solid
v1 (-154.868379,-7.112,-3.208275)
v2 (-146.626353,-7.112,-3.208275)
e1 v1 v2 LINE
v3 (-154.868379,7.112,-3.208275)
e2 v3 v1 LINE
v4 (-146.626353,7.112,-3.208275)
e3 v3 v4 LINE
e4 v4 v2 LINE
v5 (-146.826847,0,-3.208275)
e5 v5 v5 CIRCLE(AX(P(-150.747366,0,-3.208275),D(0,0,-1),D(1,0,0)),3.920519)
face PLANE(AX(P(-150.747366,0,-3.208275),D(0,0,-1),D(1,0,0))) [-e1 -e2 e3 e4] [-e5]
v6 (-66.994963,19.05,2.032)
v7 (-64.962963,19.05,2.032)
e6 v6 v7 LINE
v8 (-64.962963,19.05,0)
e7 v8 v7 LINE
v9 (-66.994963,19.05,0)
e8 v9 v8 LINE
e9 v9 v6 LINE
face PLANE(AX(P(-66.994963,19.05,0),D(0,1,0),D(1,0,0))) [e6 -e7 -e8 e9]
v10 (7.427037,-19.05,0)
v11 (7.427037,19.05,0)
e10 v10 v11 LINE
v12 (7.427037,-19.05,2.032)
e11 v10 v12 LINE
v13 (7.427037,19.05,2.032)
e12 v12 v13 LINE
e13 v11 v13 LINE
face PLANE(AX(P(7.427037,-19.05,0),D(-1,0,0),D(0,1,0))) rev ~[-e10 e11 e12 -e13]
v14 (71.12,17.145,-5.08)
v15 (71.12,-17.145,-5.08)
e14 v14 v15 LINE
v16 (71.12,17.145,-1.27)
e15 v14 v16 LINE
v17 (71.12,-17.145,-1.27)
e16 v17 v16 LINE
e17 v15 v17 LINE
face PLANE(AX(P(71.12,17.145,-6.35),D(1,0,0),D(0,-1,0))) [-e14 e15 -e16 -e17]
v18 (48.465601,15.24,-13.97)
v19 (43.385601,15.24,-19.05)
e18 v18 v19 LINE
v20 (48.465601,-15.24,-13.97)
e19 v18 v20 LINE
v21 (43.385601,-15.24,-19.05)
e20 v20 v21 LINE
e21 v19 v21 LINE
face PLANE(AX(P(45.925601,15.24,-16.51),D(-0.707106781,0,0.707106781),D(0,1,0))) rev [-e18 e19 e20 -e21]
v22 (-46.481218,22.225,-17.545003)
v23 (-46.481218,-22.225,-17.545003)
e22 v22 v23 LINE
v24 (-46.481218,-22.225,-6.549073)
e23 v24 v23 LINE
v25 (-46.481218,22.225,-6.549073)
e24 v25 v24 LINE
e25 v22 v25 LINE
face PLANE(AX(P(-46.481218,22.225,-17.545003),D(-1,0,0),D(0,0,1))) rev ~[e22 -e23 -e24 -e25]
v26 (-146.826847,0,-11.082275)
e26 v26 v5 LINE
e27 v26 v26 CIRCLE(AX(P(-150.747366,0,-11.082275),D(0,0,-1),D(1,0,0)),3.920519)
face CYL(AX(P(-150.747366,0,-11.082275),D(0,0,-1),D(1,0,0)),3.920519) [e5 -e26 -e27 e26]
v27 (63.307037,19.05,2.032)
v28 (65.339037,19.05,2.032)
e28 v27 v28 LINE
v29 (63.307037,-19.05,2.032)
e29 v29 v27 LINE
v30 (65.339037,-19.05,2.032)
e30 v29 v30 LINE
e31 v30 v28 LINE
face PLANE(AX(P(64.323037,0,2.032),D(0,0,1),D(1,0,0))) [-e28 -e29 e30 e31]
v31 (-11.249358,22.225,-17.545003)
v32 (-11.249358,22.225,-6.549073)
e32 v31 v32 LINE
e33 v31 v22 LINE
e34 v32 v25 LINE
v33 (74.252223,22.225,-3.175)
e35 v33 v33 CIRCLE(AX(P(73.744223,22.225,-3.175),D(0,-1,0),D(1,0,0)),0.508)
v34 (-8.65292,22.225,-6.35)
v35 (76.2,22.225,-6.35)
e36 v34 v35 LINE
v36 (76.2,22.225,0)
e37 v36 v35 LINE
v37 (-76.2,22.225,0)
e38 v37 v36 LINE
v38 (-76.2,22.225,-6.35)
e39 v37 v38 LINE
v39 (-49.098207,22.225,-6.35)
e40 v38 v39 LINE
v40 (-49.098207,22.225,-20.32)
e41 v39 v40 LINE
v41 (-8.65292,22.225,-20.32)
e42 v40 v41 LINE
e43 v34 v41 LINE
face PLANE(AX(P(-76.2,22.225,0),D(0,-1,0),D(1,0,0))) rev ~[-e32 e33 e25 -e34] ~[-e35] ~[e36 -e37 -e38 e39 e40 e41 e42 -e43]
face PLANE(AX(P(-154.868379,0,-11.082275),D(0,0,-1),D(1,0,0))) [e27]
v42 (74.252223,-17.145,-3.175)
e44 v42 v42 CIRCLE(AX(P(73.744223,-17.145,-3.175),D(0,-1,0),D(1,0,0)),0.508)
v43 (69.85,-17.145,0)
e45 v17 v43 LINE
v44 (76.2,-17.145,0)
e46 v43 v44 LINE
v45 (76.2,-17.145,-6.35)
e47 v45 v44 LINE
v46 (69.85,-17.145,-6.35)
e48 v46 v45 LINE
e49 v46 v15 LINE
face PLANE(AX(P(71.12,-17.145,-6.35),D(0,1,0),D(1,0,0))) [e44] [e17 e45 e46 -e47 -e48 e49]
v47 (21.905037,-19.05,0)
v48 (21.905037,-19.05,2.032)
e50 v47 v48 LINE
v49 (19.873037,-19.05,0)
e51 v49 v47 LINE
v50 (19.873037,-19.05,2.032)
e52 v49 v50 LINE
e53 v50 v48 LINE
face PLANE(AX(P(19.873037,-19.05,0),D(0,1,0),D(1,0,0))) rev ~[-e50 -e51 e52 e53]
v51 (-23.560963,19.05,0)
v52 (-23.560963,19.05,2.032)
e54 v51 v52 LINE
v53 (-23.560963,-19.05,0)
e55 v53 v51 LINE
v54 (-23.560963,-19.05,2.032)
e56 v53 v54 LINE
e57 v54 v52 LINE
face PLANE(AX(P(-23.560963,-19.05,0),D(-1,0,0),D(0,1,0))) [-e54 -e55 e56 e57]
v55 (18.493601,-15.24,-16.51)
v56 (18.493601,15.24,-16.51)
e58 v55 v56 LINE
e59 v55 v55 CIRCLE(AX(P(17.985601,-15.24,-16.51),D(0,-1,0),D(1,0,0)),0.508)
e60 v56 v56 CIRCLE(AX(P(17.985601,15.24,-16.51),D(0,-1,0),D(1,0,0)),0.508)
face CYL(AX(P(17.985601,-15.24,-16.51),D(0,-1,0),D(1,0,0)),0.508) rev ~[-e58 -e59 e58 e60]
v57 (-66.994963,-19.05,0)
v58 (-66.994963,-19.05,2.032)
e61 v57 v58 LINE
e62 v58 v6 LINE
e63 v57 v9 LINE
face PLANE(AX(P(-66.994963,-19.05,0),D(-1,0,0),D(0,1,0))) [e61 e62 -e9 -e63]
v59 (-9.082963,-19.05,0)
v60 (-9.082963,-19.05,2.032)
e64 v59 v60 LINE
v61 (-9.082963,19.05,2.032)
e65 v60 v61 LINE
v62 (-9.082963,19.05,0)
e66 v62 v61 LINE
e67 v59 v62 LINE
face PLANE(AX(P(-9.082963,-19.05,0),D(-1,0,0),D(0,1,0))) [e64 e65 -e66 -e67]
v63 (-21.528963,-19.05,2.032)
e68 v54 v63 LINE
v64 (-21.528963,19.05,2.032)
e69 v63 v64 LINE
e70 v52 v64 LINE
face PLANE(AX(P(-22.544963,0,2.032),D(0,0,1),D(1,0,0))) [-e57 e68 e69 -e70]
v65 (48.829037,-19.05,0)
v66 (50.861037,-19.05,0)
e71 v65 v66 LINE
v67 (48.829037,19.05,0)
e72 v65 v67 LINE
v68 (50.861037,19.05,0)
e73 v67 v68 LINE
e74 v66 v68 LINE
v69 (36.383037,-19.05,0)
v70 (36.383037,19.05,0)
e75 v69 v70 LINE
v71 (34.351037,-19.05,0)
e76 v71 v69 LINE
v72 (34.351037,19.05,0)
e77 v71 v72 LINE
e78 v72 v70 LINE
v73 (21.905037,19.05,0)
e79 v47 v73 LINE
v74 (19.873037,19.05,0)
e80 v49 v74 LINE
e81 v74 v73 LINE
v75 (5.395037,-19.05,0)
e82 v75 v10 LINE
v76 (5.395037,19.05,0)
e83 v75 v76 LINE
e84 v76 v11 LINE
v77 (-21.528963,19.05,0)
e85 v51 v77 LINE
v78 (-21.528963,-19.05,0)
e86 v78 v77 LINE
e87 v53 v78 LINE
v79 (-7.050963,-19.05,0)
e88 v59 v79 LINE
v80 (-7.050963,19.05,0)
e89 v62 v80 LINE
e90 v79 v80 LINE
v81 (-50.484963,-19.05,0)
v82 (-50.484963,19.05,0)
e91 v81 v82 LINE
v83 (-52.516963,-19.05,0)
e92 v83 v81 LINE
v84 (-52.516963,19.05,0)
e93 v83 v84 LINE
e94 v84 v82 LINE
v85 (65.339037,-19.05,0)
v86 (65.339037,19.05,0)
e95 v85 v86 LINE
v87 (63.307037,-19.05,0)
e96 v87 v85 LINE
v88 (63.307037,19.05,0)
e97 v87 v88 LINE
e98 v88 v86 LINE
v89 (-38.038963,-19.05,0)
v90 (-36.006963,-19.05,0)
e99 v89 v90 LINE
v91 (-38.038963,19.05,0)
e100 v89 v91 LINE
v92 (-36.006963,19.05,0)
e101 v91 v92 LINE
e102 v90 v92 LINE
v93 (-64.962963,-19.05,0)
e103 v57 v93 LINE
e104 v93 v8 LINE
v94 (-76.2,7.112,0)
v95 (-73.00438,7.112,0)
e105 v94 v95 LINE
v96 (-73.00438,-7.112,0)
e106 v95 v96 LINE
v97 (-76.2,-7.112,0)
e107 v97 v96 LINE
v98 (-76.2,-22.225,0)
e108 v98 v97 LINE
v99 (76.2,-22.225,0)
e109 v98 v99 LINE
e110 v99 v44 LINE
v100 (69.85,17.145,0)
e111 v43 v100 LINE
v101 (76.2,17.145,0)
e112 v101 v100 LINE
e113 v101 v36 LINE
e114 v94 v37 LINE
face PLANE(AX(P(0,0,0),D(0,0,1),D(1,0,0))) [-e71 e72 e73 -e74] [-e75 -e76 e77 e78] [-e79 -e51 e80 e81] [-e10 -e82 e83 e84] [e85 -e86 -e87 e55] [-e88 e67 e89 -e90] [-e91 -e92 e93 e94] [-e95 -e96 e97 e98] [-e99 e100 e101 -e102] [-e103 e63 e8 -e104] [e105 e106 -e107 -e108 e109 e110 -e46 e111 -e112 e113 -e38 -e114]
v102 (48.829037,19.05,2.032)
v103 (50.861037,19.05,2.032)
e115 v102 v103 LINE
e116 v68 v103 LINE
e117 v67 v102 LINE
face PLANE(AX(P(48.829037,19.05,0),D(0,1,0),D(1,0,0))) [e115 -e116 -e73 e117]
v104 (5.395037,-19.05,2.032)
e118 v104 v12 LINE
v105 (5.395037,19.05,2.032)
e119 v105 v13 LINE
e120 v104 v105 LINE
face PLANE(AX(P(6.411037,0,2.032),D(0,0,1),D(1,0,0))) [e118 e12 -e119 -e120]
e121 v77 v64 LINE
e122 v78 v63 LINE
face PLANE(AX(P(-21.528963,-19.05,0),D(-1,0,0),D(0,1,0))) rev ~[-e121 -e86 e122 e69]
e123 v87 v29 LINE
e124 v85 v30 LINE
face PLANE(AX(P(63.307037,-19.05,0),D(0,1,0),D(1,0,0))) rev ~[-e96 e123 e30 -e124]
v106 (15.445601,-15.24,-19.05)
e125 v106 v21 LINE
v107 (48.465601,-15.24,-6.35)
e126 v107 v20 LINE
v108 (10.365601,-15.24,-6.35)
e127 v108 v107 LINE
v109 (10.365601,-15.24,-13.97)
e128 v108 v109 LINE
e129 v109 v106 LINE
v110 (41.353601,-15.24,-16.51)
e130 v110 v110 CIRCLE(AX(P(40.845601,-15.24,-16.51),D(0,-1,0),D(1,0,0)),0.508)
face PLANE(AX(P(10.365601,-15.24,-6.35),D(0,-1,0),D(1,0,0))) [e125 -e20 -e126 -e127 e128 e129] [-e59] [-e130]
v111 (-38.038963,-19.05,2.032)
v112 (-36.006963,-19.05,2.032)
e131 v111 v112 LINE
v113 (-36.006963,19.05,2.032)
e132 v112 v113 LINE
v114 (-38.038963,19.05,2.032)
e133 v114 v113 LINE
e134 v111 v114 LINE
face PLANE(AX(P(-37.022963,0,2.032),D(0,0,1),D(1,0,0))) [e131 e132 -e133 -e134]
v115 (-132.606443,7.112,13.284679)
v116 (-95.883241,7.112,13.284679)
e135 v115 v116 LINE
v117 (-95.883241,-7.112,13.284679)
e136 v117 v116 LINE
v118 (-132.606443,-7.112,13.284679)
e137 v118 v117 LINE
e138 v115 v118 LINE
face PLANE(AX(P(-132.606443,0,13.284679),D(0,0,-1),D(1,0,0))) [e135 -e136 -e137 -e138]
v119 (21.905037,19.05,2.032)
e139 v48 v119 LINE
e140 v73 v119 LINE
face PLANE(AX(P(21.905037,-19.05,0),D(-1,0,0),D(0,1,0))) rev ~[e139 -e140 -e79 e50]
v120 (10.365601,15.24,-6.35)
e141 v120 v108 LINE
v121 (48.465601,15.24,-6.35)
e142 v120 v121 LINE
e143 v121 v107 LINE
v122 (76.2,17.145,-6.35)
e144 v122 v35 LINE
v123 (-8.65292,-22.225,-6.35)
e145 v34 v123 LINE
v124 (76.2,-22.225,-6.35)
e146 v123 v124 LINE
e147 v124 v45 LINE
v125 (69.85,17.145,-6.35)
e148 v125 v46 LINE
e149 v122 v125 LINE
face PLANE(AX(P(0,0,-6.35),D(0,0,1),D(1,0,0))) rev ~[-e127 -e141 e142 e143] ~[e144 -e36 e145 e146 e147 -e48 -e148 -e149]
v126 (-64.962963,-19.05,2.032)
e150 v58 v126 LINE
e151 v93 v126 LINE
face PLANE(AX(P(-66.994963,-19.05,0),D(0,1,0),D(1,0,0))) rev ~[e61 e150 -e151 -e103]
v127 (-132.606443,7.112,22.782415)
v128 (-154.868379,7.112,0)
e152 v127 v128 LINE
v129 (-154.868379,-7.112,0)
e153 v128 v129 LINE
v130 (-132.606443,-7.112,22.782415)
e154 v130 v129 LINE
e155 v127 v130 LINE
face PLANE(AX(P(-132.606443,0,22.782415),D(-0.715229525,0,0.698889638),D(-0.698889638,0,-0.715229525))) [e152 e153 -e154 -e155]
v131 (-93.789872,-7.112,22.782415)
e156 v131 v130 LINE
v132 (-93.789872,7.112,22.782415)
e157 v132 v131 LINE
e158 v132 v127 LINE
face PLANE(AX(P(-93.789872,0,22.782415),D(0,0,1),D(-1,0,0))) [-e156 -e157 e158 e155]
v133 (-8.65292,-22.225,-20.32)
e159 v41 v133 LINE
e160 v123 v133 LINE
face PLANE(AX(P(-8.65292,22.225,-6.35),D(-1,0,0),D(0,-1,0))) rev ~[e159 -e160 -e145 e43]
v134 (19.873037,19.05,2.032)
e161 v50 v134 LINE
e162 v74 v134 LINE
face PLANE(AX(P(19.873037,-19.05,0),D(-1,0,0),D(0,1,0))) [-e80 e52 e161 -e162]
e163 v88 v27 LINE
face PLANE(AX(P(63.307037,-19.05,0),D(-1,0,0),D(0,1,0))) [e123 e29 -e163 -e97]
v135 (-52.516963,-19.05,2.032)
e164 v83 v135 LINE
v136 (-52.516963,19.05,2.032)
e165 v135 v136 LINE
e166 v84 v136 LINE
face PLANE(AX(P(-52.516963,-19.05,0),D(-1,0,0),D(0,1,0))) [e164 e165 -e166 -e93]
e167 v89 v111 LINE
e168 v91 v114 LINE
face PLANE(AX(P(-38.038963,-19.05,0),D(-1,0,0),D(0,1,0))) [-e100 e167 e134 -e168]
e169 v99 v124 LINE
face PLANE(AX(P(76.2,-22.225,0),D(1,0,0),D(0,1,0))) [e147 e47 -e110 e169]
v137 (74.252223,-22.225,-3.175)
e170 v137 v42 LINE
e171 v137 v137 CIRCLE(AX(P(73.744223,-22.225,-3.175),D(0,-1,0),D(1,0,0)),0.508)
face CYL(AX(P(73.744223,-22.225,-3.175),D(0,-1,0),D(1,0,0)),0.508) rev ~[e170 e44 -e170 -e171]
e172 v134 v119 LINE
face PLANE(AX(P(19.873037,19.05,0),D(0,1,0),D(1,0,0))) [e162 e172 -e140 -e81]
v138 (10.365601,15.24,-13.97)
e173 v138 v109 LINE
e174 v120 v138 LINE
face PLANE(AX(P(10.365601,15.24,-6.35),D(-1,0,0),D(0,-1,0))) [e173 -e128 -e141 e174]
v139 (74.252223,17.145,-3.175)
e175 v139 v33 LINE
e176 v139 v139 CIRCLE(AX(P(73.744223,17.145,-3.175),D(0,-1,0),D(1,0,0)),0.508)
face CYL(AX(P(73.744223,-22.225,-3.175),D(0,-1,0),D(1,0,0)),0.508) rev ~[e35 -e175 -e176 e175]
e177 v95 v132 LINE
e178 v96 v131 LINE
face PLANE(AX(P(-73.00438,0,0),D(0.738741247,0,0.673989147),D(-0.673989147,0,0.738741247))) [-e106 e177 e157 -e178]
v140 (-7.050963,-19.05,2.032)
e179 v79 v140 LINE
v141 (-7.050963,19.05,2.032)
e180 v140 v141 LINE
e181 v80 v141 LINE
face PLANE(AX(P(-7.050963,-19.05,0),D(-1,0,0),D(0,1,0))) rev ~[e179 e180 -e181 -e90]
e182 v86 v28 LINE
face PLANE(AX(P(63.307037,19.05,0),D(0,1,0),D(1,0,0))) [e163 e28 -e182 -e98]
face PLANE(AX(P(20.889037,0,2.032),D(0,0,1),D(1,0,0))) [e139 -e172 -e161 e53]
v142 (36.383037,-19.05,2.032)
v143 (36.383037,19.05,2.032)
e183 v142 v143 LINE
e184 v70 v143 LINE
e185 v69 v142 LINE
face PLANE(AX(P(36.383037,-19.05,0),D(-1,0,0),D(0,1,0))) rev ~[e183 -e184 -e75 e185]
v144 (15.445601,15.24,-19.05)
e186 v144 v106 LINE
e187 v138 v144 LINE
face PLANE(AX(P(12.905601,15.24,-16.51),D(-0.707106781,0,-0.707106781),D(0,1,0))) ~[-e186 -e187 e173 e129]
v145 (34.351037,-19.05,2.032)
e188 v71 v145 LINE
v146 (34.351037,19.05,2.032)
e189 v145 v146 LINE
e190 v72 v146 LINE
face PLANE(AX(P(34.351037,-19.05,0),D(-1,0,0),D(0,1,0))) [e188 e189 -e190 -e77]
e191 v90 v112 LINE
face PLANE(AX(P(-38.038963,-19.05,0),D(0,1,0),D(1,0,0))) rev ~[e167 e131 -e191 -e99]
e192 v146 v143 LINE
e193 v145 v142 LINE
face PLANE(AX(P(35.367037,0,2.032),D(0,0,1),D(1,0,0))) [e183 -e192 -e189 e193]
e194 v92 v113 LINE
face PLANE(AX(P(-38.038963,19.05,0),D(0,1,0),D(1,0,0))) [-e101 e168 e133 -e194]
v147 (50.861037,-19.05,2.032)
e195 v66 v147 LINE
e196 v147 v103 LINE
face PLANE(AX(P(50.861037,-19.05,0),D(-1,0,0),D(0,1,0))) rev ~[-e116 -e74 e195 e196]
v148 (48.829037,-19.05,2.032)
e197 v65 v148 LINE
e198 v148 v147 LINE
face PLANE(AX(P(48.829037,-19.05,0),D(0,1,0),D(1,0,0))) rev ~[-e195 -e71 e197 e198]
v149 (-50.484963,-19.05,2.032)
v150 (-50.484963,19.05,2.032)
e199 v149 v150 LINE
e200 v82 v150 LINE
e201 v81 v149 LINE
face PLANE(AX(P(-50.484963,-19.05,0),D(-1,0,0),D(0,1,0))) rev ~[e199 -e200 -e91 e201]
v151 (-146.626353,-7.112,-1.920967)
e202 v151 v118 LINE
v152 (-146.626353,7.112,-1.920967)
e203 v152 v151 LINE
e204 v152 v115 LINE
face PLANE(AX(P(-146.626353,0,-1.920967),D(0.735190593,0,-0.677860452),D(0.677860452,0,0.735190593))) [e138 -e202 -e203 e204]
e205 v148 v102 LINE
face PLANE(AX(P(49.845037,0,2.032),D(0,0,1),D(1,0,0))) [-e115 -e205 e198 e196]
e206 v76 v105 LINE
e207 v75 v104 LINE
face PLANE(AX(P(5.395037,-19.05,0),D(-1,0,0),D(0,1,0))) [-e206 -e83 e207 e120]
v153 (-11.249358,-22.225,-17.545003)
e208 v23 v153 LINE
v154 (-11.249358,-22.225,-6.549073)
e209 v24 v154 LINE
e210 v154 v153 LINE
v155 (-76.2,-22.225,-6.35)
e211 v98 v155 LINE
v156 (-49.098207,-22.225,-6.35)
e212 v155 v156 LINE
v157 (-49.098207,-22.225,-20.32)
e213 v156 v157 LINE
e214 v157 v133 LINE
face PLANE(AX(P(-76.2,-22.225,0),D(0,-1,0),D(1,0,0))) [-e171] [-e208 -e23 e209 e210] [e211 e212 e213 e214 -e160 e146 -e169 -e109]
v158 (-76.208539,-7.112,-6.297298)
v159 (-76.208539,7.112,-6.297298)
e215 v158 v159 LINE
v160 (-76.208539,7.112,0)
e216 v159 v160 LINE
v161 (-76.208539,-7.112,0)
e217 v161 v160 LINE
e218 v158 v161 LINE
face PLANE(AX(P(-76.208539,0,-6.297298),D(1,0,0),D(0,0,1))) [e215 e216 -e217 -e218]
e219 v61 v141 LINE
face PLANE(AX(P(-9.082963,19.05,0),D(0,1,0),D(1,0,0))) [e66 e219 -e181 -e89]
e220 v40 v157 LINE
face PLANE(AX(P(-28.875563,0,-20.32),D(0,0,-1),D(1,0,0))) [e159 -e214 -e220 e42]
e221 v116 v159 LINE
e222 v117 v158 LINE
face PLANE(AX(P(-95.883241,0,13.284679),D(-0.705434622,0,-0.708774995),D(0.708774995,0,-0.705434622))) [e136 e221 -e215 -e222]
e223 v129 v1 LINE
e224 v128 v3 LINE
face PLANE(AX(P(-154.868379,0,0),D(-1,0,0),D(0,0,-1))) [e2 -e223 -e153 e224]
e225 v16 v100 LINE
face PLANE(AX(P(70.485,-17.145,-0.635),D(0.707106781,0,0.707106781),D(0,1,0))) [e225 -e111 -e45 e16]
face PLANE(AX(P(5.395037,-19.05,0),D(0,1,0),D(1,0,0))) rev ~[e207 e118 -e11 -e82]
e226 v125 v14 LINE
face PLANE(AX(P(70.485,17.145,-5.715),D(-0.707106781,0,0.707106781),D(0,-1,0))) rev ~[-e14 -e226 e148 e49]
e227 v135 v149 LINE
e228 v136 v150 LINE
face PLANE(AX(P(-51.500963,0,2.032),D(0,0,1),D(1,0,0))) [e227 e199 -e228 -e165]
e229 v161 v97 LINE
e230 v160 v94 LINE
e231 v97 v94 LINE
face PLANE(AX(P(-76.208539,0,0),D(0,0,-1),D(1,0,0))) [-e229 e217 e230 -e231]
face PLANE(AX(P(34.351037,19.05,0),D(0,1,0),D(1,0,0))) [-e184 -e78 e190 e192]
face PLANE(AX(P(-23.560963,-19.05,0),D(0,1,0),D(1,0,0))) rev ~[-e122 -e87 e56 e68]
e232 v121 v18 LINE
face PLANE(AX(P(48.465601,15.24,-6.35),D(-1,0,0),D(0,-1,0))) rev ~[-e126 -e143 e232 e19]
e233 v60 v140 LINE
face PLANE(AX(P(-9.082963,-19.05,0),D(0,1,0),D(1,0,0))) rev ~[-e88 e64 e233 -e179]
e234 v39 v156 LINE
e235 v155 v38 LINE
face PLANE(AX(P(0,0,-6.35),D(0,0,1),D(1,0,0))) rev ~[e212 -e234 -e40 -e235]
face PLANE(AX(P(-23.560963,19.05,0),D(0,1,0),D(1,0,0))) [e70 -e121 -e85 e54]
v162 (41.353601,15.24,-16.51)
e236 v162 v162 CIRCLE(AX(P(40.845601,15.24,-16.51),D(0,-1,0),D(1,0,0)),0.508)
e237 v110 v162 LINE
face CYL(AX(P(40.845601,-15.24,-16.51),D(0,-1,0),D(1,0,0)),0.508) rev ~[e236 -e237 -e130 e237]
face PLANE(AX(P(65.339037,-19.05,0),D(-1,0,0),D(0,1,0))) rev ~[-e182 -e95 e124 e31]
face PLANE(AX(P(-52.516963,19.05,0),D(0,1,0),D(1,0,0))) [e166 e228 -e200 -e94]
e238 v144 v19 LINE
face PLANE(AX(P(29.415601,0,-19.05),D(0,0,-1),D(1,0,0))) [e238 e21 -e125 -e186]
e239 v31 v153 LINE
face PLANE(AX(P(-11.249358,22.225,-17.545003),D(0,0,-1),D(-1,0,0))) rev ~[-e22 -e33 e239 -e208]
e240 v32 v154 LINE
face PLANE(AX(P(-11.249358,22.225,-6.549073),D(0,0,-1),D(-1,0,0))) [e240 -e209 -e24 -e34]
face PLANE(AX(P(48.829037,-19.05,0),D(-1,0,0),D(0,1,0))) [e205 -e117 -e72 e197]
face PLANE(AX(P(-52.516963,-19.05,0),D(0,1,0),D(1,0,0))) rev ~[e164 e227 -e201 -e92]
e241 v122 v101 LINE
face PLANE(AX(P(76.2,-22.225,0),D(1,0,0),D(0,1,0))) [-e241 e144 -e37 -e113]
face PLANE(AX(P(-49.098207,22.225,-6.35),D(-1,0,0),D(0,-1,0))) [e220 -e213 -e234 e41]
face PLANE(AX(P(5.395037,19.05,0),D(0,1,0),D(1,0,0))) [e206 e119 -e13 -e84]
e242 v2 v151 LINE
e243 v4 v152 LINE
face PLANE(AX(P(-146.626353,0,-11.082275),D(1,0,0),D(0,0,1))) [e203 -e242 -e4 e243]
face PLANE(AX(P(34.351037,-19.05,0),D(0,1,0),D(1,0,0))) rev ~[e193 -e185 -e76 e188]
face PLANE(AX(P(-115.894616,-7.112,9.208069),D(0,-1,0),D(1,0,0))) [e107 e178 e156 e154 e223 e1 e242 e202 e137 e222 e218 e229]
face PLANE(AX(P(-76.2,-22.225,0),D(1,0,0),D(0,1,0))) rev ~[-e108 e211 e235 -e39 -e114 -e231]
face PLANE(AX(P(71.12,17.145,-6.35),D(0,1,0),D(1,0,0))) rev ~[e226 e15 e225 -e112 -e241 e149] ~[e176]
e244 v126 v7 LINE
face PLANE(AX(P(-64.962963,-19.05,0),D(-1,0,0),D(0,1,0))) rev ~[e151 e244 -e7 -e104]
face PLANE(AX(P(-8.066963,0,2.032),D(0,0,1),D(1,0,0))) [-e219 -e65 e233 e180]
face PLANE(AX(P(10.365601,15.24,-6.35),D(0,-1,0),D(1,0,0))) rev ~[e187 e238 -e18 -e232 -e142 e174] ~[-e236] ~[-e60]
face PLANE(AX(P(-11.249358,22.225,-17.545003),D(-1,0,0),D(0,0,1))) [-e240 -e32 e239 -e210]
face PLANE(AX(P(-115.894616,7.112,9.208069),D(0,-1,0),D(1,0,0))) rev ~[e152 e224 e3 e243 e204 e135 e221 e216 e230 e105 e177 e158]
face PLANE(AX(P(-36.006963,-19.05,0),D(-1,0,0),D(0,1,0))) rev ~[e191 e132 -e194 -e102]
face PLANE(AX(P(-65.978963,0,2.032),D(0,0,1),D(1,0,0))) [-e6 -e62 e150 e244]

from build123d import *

# Parameters (mm, degrees)
F0_W      = 152.4
F0_H      = 44.45
F1_DEPTH  = 6.35
F2_W      = 38.1
F2_H      = 30.48
F3_DEPTH  = 12.7
F2_W_2    = 5.08
F2_H_2    = 34.29
F4_DEPTH  = 25.4
F5_R      = 0.508
F6_DEPTH  = 49.2252
F7_SIZE   = 5.08
F8_SIZE   = 1.27
F10_DEPTH = 7.112
F11_W     = 8.2420259714
F11_H     = 14.224
F11_R     = 3.9205193465
F12_DEPTH = 7.874
F13_W     = 2.032
F13_H     = 38.1
F14_DEPTH = 2.032
F15_R     = 0.508
F16_DEPTH = 33.274
F17_W     = 40.4452867806
F17_H     = 44.45
F18_DEPTH = 13.97
F19_W     = 35.2318603545
F19_H     = 10.9959305264
F20_DEPTH = 53.086


with BuildPart() as f1:
    # F0 (on Top) → F1 (new body)
    with BuildSketch(Plane.XY):
        Rectangle(F0_W, F0_H)
    extrude(amount=-F1_DEPTH)

    # F2 (on face) → F3 (join)
    with BuildSketch(Plane(origin=(0, 0, -6.35), x_dir=(1, 0, 0), z_dir=(0, 0, -1))):
        with Locations((29.4156006661, 0)):
            Rectangle(F2_W, F2_H)
    extrude(amount=F3_DEPTH)

    # F2 (on face) → F4 (cut)
    with BuildSketch(Plane(origin=(0, 0, -6.35), x_dir=(1, 0, 0), z_dir=(0, 0, -1))):
        with Locations((73.66, 0)):
            Rectangle(F2_W_2, F2_H_2)
    extrude(amount=-F4_DEPTH, mode=Mode.SUBTRACT)

    # F5 (on face) → F6 (cut)
    with BuildSketch(Plane.XZ.offset(22.225)):
        with Locations((73.7442225218, -3.175)):
            Circle(F5_R)
    extrude(amount=-F6_DEPTH, mode=Mode.SUBTRACT)

    # F7
    f7_edges = [f1.edges().sort_by_distance(p)[0] for p in [
        (10.365601, 0, -19.05),
        (48.465601, 0, -19.05),
    ]]
    chamfer(f7_edges, length=F7_SIZE)

    # F8
    f8_edges = [f1.edges().sort_by_distance(p)[0] for p in [
        (71.12, 0, 0),
        (71.12, 0, -6.35),
    ]]
    chamfer(f8_edges, length=F8_SIZE)

    # F9 (on Front) → F10 (join, symmetric)
    with BuildSketch(Plane.XZ):
        Polygon((-76.2085393071, 0), (-73.0043798685, 0), (-93.789872226, 22.7824151516), (-132.6064432787, 22.7824151516), (-154.8683792353, 0), (-154.8683792353, -11.0822748393), (-146.6263532639, -11.0822748393), (-146.6263532639, -1.9209668972), (-132.6064432787, 13.28467889), (-95.8832409805, 13.28467889), (-76.2085393071, -6.2972982414), align=None)
    extrude(amount=F10_DEPTH, both=True)

    # F11 (on face) → F12 (cut)
    with BuildSketch(Plane(origin=(0, 0, -11.0822748393), x_dir=(1, 0, 0), z_dir=(0, 0, -1))):
        with Locations((-150.7473662496, 0)):
            Rectangle(F11_W, F11_H)
        with Locations((-150.7473662496, 0)):
            Circle(F11_R, mode=Mode.SUBTRACT)
    extrude(amount=-F12_DEPTH, mode=Mode.SUBTRACT)

    # F13 (on face) → F14 (join)
    with BuildSketch(Plane.XY):
        with Locations((-65.9789626062, 0)):
            Rectangle(F13_W, F13_H)
        with Locations((-51.5009626062, 0)):
            Rectangle(F13_W, F13_H)
        with Locations((-37.0229626062, 0)):
            Rectangle(F13_W, F13_H)
        with Locations((-22.5449626062, 0)):
            Rectangle(F13_W, F13_H)
        with Locations((-8.0669626062, 0)):
            Rectangle(F13_W, F13_H)
        with Locations((6.4110373938, 0)):
            Rectangle(F13_W, F13_H)
        with Locations((20.8890373938, 0)):
            Rectangle(F13_W, F13_H)
        with Locations((35.3670373938, 0)):
            Rectangle(F13_W, F13_H)
        with Locations((49.8450373938, 0)):
            Rectangle(F13_W, F13_H)
        with Locations((64.3230373938, 0)):
            Rectangle(F13_W, F13_H)
    extrude(amount=F14_DEPTH)

    # F15 (on face) → F16 (cut)
    with BuildSketch(Plane.XZ.offset(15.24)):
        with Locations((17.9856006661, -16.51)):
            Circle(F15_R)
        with Locations((40.8456006661, -16.51)):
            Circle(F15_R)
    extrude(amount=-F16_DEPTH, mode=Mode.SUBTRACT)

    # F17 (on face) → F18 (join)
    with BuildSketch(Plane(origin=(0, 0, -6.35), x_dir=(1, 0, 0), z_dir=(0, 0, -1))):
        with Locations((-28.8755632937, 0)):
            Rectangle(F17_W, F17_H)
    extrude(amount=F18_DEPTH)

    # F19 (on face) → F20 (cut)
    with BuildSketch(Plane(origin=(0, 22.225, 0), x_dir=(-1, 0, 0), z_dir=(0, 1, 0))):
        with Locations((28.8652880117, -12.0470381808)):
            Rectangle(F19_W, F19_H)
    extrude(amount=-F20_DEPTH, mode=Mode.SUBTRACT)


solid = f1.part
